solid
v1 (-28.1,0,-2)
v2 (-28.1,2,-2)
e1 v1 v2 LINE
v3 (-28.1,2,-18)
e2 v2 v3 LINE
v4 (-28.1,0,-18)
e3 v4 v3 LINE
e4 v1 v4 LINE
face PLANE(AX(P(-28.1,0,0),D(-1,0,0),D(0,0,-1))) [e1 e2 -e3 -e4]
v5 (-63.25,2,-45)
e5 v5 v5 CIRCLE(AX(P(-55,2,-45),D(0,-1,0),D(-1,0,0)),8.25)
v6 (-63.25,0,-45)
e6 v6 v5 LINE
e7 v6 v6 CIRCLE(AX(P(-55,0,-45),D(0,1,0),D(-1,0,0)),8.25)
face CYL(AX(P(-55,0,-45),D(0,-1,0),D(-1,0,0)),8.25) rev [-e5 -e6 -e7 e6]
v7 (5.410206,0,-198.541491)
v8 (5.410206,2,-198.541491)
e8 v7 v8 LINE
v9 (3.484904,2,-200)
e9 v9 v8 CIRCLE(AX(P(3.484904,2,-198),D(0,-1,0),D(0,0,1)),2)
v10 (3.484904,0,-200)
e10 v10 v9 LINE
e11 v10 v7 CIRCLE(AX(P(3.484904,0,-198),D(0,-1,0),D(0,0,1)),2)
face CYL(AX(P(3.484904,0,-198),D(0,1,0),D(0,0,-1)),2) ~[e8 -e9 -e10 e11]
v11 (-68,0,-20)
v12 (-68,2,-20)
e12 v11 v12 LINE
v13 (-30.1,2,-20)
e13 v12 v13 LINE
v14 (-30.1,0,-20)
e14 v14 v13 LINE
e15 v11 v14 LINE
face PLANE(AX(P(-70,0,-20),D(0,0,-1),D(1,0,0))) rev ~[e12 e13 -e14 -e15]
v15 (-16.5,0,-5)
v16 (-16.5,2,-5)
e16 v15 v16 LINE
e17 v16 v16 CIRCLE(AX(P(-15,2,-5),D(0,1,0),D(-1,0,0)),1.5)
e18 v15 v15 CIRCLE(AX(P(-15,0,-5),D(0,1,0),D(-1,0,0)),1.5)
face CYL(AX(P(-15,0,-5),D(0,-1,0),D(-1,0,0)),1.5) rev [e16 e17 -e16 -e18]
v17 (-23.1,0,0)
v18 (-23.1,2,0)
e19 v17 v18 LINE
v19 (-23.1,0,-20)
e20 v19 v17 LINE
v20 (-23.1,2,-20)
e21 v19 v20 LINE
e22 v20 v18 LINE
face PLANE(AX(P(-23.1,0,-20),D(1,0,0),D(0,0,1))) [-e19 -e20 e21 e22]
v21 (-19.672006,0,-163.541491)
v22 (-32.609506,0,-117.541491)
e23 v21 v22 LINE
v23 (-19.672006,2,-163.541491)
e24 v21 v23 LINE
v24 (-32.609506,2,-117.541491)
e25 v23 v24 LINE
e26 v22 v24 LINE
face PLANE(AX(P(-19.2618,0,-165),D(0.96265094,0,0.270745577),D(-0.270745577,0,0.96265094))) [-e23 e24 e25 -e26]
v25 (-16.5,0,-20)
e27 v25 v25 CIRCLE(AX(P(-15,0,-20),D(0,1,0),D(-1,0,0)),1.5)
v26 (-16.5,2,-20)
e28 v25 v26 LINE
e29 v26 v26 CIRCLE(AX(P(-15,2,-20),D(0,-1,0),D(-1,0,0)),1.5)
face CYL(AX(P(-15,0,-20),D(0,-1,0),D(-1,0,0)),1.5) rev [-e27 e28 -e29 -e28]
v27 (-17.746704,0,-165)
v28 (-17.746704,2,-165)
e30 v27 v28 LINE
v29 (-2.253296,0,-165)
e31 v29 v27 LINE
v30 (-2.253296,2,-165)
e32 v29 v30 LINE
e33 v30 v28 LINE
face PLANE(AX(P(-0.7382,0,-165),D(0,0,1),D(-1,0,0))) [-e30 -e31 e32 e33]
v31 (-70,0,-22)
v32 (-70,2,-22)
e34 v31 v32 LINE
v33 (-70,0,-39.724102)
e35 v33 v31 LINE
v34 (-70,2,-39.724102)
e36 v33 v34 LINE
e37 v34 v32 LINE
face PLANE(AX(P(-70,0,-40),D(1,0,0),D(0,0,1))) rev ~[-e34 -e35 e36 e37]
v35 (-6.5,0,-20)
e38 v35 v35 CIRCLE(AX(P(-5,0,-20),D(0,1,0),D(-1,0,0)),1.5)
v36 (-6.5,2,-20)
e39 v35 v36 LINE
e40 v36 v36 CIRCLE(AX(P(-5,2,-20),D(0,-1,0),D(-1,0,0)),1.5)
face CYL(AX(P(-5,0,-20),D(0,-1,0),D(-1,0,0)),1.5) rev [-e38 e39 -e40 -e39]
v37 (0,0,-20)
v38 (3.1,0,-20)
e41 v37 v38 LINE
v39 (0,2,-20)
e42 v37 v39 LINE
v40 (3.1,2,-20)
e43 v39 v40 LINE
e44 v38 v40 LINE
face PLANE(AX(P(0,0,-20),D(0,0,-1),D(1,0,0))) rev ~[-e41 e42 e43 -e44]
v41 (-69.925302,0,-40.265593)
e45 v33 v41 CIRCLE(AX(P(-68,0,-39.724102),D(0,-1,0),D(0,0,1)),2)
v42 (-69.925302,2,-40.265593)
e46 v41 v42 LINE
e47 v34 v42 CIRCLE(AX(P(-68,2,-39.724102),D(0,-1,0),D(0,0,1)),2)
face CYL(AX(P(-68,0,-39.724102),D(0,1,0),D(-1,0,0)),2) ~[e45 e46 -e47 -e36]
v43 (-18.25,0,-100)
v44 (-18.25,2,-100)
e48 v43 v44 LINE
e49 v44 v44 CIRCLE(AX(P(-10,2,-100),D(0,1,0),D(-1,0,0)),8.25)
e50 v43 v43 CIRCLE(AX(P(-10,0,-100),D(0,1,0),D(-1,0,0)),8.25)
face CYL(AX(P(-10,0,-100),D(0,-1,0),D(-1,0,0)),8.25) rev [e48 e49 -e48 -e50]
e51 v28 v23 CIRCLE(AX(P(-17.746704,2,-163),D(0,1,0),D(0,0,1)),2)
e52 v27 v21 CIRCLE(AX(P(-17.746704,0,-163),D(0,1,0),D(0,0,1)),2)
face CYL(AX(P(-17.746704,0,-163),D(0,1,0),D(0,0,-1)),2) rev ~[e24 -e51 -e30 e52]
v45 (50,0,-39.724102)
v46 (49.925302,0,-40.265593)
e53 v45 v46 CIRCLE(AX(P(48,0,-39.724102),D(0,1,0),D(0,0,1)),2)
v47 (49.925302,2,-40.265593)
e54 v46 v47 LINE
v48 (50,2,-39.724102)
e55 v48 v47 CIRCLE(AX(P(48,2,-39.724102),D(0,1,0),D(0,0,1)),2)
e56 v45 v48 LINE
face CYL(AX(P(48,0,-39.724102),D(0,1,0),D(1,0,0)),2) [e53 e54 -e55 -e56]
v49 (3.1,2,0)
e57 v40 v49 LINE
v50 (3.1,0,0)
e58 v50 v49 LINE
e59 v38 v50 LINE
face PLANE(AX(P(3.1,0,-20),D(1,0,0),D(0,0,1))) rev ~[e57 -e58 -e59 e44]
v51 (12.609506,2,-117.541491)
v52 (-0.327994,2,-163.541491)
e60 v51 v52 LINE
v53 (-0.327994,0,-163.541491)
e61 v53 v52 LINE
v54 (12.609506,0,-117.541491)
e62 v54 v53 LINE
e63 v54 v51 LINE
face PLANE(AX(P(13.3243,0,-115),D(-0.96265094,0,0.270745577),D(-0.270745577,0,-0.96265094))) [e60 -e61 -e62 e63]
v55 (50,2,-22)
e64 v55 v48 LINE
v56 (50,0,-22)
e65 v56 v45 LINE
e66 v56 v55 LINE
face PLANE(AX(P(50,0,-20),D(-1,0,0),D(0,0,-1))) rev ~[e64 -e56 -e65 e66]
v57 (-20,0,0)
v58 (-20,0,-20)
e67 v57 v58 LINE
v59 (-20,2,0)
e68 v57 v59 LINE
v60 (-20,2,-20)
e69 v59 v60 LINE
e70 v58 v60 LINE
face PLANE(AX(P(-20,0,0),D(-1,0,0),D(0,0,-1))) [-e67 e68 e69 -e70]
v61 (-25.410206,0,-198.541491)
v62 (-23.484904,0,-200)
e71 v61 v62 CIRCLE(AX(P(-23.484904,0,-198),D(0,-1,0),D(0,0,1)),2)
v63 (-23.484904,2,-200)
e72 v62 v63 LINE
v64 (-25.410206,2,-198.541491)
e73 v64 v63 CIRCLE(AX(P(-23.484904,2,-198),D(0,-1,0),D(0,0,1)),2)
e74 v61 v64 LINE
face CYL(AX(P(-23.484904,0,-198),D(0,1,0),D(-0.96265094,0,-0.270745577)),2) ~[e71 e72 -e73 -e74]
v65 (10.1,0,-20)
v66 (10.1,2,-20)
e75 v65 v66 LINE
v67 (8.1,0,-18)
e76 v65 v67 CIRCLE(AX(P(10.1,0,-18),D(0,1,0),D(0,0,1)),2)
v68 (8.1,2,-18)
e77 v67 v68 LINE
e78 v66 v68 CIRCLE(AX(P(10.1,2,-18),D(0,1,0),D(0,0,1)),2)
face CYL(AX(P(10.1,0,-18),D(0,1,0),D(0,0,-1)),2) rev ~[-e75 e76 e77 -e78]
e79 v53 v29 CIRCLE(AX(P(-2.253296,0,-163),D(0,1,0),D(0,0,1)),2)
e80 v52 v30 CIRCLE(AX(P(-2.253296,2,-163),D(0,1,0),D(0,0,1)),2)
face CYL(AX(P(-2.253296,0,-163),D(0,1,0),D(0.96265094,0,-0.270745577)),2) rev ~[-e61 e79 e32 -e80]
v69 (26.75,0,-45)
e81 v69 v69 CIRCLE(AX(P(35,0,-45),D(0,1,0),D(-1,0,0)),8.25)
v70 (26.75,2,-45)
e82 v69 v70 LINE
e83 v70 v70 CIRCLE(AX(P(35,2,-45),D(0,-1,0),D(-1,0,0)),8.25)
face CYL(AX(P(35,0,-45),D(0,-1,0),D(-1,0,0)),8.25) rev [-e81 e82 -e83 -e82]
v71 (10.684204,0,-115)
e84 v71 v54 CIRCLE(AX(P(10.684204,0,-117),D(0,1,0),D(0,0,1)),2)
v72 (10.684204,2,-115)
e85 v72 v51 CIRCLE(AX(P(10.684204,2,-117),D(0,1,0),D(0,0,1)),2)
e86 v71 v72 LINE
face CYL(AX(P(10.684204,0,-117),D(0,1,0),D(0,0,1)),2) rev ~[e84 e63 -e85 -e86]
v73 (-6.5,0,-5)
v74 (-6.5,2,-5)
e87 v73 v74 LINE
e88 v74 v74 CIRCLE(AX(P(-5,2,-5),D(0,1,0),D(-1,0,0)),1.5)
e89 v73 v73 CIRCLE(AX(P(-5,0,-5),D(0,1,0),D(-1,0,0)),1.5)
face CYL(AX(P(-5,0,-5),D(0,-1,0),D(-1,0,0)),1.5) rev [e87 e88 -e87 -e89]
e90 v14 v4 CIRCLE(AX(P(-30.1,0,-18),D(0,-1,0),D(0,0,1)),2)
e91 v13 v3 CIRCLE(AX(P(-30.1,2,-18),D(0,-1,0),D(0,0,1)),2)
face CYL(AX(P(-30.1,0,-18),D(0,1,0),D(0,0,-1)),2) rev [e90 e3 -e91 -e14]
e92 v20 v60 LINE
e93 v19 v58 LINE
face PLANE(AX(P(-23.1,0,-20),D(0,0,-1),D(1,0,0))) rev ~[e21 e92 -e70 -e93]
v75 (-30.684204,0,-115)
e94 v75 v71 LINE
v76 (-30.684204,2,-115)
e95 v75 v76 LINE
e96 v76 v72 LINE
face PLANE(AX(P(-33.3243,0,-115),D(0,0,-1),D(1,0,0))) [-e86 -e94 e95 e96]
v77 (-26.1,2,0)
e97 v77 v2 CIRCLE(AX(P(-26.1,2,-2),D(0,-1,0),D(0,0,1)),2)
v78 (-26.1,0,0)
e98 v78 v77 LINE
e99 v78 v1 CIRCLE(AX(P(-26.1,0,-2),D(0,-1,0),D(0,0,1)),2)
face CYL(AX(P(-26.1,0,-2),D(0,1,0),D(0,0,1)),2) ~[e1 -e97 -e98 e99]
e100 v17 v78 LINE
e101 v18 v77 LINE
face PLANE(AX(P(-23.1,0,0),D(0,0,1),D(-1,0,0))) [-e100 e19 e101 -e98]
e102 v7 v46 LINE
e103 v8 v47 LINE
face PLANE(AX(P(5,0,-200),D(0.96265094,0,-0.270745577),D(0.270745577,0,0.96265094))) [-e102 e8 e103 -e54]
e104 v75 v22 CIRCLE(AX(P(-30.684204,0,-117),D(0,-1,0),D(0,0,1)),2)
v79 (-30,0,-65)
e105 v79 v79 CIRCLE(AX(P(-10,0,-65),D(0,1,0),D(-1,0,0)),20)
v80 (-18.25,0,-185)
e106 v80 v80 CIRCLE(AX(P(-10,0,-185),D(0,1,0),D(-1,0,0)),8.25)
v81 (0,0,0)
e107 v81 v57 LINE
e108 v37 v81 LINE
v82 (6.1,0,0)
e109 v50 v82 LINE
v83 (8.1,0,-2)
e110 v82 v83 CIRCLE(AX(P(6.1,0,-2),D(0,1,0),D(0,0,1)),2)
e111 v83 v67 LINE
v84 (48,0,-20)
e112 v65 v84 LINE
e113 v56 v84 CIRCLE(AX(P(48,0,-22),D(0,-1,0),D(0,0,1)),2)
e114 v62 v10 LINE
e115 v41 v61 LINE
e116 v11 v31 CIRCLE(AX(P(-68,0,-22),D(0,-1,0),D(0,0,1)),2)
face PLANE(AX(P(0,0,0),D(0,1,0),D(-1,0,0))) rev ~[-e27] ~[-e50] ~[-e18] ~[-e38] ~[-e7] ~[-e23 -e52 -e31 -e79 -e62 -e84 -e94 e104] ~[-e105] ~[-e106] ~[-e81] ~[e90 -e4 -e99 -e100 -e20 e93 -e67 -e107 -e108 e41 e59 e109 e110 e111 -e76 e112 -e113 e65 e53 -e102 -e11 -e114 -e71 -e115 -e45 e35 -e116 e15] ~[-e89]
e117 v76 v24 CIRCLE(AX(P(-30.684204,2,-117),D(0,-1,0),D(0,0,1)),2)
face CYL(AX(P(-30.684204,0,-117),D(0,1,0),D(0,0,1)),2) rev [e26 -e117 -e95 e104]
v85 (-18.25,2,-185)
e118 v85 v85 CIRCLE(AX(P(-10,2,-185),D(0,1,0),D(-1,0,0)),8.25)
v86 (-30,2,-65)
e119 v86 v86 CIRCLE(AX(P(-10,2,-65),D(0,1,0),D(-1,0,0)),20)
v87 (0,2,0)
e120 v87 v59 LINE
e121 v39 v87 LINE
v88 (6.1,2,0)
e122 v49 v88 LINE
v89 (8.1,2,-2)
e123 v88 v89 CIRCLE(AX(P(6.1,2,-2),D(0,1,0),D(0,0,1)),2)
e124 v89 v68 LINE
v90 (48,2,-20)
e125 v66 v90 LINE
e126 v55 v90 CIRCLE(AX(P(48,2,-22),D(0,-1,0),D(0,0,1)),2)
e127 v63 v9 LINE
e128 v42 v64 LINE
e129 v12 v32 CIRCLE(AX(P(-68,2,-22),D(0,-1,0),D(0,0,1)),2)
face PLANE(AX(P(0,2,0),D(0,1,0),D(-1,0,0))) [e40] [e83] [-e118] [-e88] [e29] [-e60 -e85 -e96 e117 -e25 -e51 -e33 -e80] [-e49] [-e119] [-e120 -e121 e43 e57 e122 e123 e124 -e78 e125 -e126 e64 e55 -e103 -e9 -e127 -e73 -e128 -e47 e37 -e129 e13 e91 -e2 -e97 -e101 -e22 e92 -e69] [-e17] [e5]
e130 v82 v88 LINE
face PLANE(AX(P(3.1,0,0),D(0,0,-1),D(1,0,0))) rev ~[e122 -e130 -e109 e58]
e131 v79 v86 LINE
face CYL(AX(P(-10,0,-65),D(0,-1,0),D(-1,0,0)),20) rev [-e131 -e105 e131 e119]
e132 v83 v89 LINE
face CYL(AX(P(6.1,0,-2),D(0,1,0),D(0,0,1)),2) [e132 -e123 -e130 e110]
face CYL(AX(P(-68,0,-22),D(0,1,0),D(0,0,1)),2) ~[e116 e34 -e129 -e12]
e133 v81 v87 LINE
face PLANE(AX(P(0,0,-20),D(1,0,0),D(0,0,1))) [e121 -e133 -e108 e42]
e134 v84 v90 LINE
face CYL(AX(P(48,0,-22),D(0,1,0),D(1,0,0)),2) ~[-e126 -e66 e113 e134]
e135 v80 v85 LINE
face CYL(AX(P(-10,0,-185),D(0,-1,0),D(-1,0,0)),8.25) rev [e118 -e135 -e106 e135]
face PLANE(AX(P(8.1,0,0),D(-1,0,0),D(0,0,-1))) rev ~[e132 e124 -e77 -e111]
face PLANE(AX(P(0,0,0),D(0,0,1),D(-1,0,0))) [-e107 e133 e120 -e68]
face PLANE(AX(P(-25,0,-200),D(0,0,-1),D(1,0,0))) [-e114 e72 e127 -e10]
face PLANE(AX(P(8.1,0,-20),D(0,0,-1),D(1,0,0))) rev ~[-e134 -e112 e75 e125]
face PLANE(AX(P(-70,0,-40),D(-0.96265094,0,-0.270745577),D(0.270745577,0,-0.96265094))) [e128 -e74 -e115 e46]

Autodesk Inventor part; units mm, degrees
ref_plane "YZ Plane" through (0, 0, 0) normal (1, 0, 0) x (0, 1, 0)
ref_plane "XZ Plane" through (0, 0, 0) normal (0, 1, 0) x (-1, 0, 0)
ref_plane "XY Plane" through (0, 0, 0) normal (0, 0, 1) x (1, 0, 0)
sketch "Sketch1" plane through (0, 0, 0) normal (0, 1, 0) x (-1, 0, 0)
  line L0 (0, 0) -> (20, 0)
  line L1 (20, 0) -> (20, -20)
  line L2 (20, -20) -> (0, -20)
  line L3 (0, -20) -> (0, 0)
  line L4 (70, -20) -> (-50, -20)
  line L5 (-50, -20) -> (-50, -40)
  line L6 (-50, -40) -> (70, -40)
  line L7 (70, -40) -> (70, -20)
  line L8 (10, 0) -> (10, -20) construction
  line L9 (70, -40) -> (25, -200)
  line L10 (25, -200) -> (-5, -200)
  line L11 (-5, -200) -> (-50, -40)
  circle A0 centre (55, -45) radius 8.25
  circle A1 centre (-35, -45) radius 8.25
  circle A2 centre (10, -185) radius 8.25
  circle A3 centre (10, -100) radius 8.25
  circle A4 centre (15, -5) radius 1.5
  circle A5 centre (15, -20) radius 1.5
  circle A6 centre (5, -5) radius 1.5
  circle A7 centre (5, -20) radius 1.5
  line L12 (28.1, -20) -> (23.1, -20)
  line L13 (23.1, -20) -> (23.1, 0)
  line L14 (23.1, 0) -> (28.1, 0)
  line L15 (28.1, 0) -> (28.1, -20)
  line L16 (-8.1, -20) -> (-3.1, -20)
  line L17 (-3.1, -20) -> (-3.1, 0)
  line L18 (-3.1, 0) -> (-8.1, 0)
  line L19 (-8.1, 0) -> (-8.1, -20)
  line L20 (33.3243, -115) -> (-13.3243, -115)
  line L21 (-13.3243, -115) -> (0.7382, -165)
  line L22 (0.7382, -165) -> (19.2618, -165)
  line L23 (19.2618, -165) -> (33.3243, -115)
  circle A8 centre (10, -65) radius 20
  point P0 (10, -10)
  point P1 (20, -20)
  point P2 (0, -20)
  point P3 (-3.1, -20)
  point P4 (23.1, -20)
  point P5 (10, -40)
  point P6 (-5, -40)
  dimension "d0" = 20
  dimension "d1" = 20
  dimension "d2" = 120
  dimension "d3" = 60
  dimension "d4" = 20
  dimension "d6" = 200
  dimension "d7" = 45
  dimension "d8" = 45
  dimension "d9" = 16.5
  dimension "d10" = 16.5
  dimension "d11" = 16.5
  dimension "d12" = 16.5
  dimension "d13" = 15
  dimension "d14" = 15
  dimension "d15" = 25
  dimension "d16" = 25
  dimension "d17" = 15
  dimension "d18" = 100
  dimension "d23" = 3
  dimension "d24" = 3
  dimension "d25" = 3
  dimension "d26" = 3
  dimension "d27" = 5
  dimension "d28" = 5
  dimension "d29" = 5
  dimension "d30" = 5
  dimension "d31" = 0
  dimension "d32" = 0
  dimension "d33" = 5
  dimension "d34" = 5
  dimension "d38" = 3.1
  dimension "d39" = 3.1
  dimension "d40" = 5
  dimension "d41" = 5
  dimension "d56" = 15
  dimension "d57" = 15
  dimension "d58" = 20
  dimension "d59" = 15
  dimension "d64" = 40
  dimension "d66" = 35
extrude "Extrusion1" add sketch "Sketch1" along normal blind 2 contours L0 L1 L2 A5 A7 L3 | L2 A7 A5 L4 L7 L6 A0 A1 L5 | L4 L19 L18 L17 | L13 L14 L15 L4 | L6 A1 A0 L9 L10 L11
fillet "Fillet1" radius 2 14 edges at (-70, 1, -20) (50, 1, -20) (-25, 1, -200) (5, 1, -200) (-28.1, 1, 0) (8.1, 1, 0) (-28.1, 1, -20) (8.1, 1, -20) (50, 1, -40) (-70, 1, -40) (-33.3243, 1, -115) (13.3243, 1, -115) (-0.7382, 1, -165) (-19.2618, 1, -165)
sketch "Sketch6" plane through (0, 2, 0) normal (0, 1, 0) x (1, 0, 0)
  arc A0 (-69.9253, 40.2656) -> (-70, 39.7241) centre (-68, 39.7241) ccw projected
  line L0 (-70, 39.7241) -> (-70, 22) projected
  arc A1 (-70, 22) -> (-68, 20) centre (-68, 22) ccw projected
  line L1 (-68, 20) -> (-30.1, 20) projected
  arc A2 (-28.1, 18) -> (-30.1, 20) centre (-30.1, 18) ccw projected
  line L2 (-28.1, 18) -> (-28.1, 2) projected
  arc A3 (-28.1, 2) -> (-26.1, 0) centre (-26.1, 2) ccw projected
  line L3 (-26.1, 0) -> (-23.1, 0) projected
  line L4 (-23.1, 0) -> (-23.1, 20) projected
  line L5 (-23.1, 20) -> (-20, 20) projected
  line L6 (-20, 20) -> (-20, 0) projected
  line L7 (-20, 0) -> (0, 0) projected
  line L8 (0, 0) -> (0, 20) projected
  line L9 (0, 20) -> (3.1, 20) projected
  line L10 (3.1, 20) -> (3.1, 0) projected
  line L11 (3.1, 0) -> (6.1, 0) projected
  arc A4 (6.1, 0) -> (8.1, 2) centre (6.1, 2) ccw projected
  line L12 (8.1, 2) -> (8.1, 18) projected
  arc A5 (10.1, 20) -> (8.1, 18) centre (10.1, 18) ccw projected
  line L13 (10.1, 20) -> (48, 20) projected
  arc A6 (48, 20) -> (50, 22) centre (48, 22) ccw projected
  line L14 (50, 22) -> (50, 39.7241) projected
  arc A7 (50, 39.7241) -> (49.9253, 40.2656) centre (48, 39.7241) ccw projected
  line L15 (49.9253, 40.2656) -> (5.4102, 198.5415) projected
  arc A8 (5.4102, 198.5415) -> (3.4849, 200) centre (3.4849, 198) ccw projected
  line L16 (3.4849, 200) -> (-23.4849, 200) projected
  arc A9 (-23.4849, 200) -> (-25.4102, 198.5415) centre (-23.4849, 198) ccw projected
  line L17 (-25.4102, 198.5415) -> (-69.9253, 40.2656) projected
  circle A10 centre (-5, 20) radius 1.5 projected
  circle A11 centre (-5, 5) radius 1.5 projected
  circle A12 centre (-15, 5) radius 1.5 projected
  circle A13 centre (-15, 20) radius 1.5 projected
  circle A14 centre (35, 45) radius 8.25 projected
  circle A15 centre (-10, 65) radius 20 projected
  circle A16 centre (-55, 45) radius 8.25 projected
  circle A17 centre (-10, 185) radius 8.25 projected
  circle A18 centre (-10, 100) radius 8.25 projected
  line L18 (-32.6095, 117.5415) -> (-19.672, 163.5415) projected
  arc A19 (-17.7467, 165) -> (-19.672, 163.5415) centre (-17.7467, 163) ccw projected
  line L19 (-17.7467, 165) -> (-2.2533, 165) projected
  arc A20 (-0.328, 163.5415) -> (-2.2533, 165) centre (-2.2533, 163) ccw projected
  line L20 (-0.328, 163.5415) -> (12.6095, 117.5415) projected
  arc A21 (10.6842, 115) -> (12.6095, 117.5415) centre (10.6842, 117) ccw projected
  line L21 (10.6842, 115) -> (-30.6842, 115) projected
  arc A22 (-32.6095, 117.5415) -> (-30.6842, 115) centre (-30.6842, 117) ccw projected
  dimension "d67" = 16.2
  dimension "d68" = 16.2
  dimension "d69" = 16.2
  dimension "d70" = 16.2
  dimension "d71" = 3
  dimension "d72" = 3
  dimension "d73" = 3
  dimension "d74" = 3
sketch "Sketch8" plane through (0, 2, 0) normal (0, 1, 0) x (1, 0, 0)
  circle A0 centre (-10, 185) radius 11.25 projected
  circle A1 centre (-10, 100) radius 11.25 projected
  circle A2 centre (35, 45) radius 11.25 projected
  circle A3 centre (-55, 45) radius 11.25 projected
  arc A4 (-69.9253, 40.2656) -> (-70, 39.7241) centre (-68, 39.7241) ccw projected
  line L0 (-70, 39.7241) -> (-70, 22) projected
  arc A5 (-70, 22) -> (-68, 20) centre (-68, 22) ccw projected
  line L1 (-68, 20) -> (-30.1, 20) projected
  arc A6 (-28.1, 18) -> (-30.1, 20) centre (-30.1, 18) ccw projected
  line L2 (-28.1, 18) -> (-28.1, 2) projected
  arc A7 (-28.1, 2) -> (-26.1, 0) centre (-26.1, 2) ccw projected
  line L3 (-26.1, 0) -> (-23.1, 0) projected
  line L4 (-23.1, 0) -> (-23.1, 20) projected
  line L5 (-23.1, 20) -> (-20, 20) projected
  line L6 (-20, 20) -> (-20, 0) projected
  line L7 (-20, 0) -> (0, 0) projected
  line L8 (0, 0) -> (0, 20) projected
  line L9 (0, 20) -> (3.1, 20) projected
  line L10 (3.1, 20) -> (3.1, 0) projected
  line L11 (3.1, 0) -> (6.1, 0) projected
  arc A8 (6.1, 0) -> (8.1, 2) centre (6.1, 2) ccw projected
  line L12 (8.1, 2) -> (8.1, 18) projected
  arc A9 (10.1, 20) -> (8.1, 18) centre (10.1, 18) ccw projected
  line L13 (10.1, 20) -> (48, 20) projected
  arc A10 (48, 20) -> (50, 22) centre (48, 22) ccw projected
  line L14 (50, 22) -> (50, 39.7241) projected
  arc A11 (50, 39.7241) -> (49.9253, 40.2656) centre (48, 39.7241) ccw projected
  line L15 (49.9253, 40.2656) -> (5.4102, 198.5415) projected
  arc A12 (5.4102, 198.5415) -> (3.4849, 200) centre (3.4849, 198) ccw projected
  line L16 (3.4849, 200) -> (-23.4849, 200) projected
  arc A13 (-23.4849, 200) -> (-25.4102, 198.5415) centre (-23.4849, 198) ccw projected
  line L17 (-25.4102, 198.5415) -> (-69.9253, 40.2656) projected
  circle A14 centre (-5, 20) radius 1.5 projected
  circle A15 centre (-5, 5) radius 1.5 projected
  circle A16 centre (-15, 5) radius 1.5 projected
  circle A17 centre (-15, 20) radius 1.5 projected
  circle A18 centre (-10, 65) radius 20 projected
  line L18 (-32.6095, 117.5415) -> (-19.672, 163.5415) projected
  arc A19 (-17.7467, 165) -> (-19.672, 163.5415) centre (-17.7467, 163) ccw projected
  line L19 (-17.7467, 165) -> (-2.2533, 165) projected
  arc A20 (-0.328, 163.5415) -> (-2.2533, 165) centre (-2.2533, 163) ccw projected
  line L20 (-0.328, 163.5415) -> (12.6095, 117.5415) projected
  arc A21 (10.6842, 115) -> (12.6095, 117.5415) centre (10.6842, 117) ccw projected
  line L21 (10.6842, 115) -> (-30.6842, 115) projected
  arc A22 (-32.6095, 117.5415) -> (-30.6842, 115) centre (-30.6842, 117) ccw projected
  circle A23 centre (-15, 5) radius 1.6
  circle A24 centre (-15, 20) radius 1.6
  circle A25 centre (-5, 20) radius 1.6
  circle A26 centre (-5, 5) radius 1.6
  dimension "d79" = 0.1
  dimension "d80" = 0.1
  dimension "d81" = 0.1
  dimension "d82" = 0.1
equation "\"d3\" = 0.5 * d2"
properties part number "Foam_wing_mount_clamp"
